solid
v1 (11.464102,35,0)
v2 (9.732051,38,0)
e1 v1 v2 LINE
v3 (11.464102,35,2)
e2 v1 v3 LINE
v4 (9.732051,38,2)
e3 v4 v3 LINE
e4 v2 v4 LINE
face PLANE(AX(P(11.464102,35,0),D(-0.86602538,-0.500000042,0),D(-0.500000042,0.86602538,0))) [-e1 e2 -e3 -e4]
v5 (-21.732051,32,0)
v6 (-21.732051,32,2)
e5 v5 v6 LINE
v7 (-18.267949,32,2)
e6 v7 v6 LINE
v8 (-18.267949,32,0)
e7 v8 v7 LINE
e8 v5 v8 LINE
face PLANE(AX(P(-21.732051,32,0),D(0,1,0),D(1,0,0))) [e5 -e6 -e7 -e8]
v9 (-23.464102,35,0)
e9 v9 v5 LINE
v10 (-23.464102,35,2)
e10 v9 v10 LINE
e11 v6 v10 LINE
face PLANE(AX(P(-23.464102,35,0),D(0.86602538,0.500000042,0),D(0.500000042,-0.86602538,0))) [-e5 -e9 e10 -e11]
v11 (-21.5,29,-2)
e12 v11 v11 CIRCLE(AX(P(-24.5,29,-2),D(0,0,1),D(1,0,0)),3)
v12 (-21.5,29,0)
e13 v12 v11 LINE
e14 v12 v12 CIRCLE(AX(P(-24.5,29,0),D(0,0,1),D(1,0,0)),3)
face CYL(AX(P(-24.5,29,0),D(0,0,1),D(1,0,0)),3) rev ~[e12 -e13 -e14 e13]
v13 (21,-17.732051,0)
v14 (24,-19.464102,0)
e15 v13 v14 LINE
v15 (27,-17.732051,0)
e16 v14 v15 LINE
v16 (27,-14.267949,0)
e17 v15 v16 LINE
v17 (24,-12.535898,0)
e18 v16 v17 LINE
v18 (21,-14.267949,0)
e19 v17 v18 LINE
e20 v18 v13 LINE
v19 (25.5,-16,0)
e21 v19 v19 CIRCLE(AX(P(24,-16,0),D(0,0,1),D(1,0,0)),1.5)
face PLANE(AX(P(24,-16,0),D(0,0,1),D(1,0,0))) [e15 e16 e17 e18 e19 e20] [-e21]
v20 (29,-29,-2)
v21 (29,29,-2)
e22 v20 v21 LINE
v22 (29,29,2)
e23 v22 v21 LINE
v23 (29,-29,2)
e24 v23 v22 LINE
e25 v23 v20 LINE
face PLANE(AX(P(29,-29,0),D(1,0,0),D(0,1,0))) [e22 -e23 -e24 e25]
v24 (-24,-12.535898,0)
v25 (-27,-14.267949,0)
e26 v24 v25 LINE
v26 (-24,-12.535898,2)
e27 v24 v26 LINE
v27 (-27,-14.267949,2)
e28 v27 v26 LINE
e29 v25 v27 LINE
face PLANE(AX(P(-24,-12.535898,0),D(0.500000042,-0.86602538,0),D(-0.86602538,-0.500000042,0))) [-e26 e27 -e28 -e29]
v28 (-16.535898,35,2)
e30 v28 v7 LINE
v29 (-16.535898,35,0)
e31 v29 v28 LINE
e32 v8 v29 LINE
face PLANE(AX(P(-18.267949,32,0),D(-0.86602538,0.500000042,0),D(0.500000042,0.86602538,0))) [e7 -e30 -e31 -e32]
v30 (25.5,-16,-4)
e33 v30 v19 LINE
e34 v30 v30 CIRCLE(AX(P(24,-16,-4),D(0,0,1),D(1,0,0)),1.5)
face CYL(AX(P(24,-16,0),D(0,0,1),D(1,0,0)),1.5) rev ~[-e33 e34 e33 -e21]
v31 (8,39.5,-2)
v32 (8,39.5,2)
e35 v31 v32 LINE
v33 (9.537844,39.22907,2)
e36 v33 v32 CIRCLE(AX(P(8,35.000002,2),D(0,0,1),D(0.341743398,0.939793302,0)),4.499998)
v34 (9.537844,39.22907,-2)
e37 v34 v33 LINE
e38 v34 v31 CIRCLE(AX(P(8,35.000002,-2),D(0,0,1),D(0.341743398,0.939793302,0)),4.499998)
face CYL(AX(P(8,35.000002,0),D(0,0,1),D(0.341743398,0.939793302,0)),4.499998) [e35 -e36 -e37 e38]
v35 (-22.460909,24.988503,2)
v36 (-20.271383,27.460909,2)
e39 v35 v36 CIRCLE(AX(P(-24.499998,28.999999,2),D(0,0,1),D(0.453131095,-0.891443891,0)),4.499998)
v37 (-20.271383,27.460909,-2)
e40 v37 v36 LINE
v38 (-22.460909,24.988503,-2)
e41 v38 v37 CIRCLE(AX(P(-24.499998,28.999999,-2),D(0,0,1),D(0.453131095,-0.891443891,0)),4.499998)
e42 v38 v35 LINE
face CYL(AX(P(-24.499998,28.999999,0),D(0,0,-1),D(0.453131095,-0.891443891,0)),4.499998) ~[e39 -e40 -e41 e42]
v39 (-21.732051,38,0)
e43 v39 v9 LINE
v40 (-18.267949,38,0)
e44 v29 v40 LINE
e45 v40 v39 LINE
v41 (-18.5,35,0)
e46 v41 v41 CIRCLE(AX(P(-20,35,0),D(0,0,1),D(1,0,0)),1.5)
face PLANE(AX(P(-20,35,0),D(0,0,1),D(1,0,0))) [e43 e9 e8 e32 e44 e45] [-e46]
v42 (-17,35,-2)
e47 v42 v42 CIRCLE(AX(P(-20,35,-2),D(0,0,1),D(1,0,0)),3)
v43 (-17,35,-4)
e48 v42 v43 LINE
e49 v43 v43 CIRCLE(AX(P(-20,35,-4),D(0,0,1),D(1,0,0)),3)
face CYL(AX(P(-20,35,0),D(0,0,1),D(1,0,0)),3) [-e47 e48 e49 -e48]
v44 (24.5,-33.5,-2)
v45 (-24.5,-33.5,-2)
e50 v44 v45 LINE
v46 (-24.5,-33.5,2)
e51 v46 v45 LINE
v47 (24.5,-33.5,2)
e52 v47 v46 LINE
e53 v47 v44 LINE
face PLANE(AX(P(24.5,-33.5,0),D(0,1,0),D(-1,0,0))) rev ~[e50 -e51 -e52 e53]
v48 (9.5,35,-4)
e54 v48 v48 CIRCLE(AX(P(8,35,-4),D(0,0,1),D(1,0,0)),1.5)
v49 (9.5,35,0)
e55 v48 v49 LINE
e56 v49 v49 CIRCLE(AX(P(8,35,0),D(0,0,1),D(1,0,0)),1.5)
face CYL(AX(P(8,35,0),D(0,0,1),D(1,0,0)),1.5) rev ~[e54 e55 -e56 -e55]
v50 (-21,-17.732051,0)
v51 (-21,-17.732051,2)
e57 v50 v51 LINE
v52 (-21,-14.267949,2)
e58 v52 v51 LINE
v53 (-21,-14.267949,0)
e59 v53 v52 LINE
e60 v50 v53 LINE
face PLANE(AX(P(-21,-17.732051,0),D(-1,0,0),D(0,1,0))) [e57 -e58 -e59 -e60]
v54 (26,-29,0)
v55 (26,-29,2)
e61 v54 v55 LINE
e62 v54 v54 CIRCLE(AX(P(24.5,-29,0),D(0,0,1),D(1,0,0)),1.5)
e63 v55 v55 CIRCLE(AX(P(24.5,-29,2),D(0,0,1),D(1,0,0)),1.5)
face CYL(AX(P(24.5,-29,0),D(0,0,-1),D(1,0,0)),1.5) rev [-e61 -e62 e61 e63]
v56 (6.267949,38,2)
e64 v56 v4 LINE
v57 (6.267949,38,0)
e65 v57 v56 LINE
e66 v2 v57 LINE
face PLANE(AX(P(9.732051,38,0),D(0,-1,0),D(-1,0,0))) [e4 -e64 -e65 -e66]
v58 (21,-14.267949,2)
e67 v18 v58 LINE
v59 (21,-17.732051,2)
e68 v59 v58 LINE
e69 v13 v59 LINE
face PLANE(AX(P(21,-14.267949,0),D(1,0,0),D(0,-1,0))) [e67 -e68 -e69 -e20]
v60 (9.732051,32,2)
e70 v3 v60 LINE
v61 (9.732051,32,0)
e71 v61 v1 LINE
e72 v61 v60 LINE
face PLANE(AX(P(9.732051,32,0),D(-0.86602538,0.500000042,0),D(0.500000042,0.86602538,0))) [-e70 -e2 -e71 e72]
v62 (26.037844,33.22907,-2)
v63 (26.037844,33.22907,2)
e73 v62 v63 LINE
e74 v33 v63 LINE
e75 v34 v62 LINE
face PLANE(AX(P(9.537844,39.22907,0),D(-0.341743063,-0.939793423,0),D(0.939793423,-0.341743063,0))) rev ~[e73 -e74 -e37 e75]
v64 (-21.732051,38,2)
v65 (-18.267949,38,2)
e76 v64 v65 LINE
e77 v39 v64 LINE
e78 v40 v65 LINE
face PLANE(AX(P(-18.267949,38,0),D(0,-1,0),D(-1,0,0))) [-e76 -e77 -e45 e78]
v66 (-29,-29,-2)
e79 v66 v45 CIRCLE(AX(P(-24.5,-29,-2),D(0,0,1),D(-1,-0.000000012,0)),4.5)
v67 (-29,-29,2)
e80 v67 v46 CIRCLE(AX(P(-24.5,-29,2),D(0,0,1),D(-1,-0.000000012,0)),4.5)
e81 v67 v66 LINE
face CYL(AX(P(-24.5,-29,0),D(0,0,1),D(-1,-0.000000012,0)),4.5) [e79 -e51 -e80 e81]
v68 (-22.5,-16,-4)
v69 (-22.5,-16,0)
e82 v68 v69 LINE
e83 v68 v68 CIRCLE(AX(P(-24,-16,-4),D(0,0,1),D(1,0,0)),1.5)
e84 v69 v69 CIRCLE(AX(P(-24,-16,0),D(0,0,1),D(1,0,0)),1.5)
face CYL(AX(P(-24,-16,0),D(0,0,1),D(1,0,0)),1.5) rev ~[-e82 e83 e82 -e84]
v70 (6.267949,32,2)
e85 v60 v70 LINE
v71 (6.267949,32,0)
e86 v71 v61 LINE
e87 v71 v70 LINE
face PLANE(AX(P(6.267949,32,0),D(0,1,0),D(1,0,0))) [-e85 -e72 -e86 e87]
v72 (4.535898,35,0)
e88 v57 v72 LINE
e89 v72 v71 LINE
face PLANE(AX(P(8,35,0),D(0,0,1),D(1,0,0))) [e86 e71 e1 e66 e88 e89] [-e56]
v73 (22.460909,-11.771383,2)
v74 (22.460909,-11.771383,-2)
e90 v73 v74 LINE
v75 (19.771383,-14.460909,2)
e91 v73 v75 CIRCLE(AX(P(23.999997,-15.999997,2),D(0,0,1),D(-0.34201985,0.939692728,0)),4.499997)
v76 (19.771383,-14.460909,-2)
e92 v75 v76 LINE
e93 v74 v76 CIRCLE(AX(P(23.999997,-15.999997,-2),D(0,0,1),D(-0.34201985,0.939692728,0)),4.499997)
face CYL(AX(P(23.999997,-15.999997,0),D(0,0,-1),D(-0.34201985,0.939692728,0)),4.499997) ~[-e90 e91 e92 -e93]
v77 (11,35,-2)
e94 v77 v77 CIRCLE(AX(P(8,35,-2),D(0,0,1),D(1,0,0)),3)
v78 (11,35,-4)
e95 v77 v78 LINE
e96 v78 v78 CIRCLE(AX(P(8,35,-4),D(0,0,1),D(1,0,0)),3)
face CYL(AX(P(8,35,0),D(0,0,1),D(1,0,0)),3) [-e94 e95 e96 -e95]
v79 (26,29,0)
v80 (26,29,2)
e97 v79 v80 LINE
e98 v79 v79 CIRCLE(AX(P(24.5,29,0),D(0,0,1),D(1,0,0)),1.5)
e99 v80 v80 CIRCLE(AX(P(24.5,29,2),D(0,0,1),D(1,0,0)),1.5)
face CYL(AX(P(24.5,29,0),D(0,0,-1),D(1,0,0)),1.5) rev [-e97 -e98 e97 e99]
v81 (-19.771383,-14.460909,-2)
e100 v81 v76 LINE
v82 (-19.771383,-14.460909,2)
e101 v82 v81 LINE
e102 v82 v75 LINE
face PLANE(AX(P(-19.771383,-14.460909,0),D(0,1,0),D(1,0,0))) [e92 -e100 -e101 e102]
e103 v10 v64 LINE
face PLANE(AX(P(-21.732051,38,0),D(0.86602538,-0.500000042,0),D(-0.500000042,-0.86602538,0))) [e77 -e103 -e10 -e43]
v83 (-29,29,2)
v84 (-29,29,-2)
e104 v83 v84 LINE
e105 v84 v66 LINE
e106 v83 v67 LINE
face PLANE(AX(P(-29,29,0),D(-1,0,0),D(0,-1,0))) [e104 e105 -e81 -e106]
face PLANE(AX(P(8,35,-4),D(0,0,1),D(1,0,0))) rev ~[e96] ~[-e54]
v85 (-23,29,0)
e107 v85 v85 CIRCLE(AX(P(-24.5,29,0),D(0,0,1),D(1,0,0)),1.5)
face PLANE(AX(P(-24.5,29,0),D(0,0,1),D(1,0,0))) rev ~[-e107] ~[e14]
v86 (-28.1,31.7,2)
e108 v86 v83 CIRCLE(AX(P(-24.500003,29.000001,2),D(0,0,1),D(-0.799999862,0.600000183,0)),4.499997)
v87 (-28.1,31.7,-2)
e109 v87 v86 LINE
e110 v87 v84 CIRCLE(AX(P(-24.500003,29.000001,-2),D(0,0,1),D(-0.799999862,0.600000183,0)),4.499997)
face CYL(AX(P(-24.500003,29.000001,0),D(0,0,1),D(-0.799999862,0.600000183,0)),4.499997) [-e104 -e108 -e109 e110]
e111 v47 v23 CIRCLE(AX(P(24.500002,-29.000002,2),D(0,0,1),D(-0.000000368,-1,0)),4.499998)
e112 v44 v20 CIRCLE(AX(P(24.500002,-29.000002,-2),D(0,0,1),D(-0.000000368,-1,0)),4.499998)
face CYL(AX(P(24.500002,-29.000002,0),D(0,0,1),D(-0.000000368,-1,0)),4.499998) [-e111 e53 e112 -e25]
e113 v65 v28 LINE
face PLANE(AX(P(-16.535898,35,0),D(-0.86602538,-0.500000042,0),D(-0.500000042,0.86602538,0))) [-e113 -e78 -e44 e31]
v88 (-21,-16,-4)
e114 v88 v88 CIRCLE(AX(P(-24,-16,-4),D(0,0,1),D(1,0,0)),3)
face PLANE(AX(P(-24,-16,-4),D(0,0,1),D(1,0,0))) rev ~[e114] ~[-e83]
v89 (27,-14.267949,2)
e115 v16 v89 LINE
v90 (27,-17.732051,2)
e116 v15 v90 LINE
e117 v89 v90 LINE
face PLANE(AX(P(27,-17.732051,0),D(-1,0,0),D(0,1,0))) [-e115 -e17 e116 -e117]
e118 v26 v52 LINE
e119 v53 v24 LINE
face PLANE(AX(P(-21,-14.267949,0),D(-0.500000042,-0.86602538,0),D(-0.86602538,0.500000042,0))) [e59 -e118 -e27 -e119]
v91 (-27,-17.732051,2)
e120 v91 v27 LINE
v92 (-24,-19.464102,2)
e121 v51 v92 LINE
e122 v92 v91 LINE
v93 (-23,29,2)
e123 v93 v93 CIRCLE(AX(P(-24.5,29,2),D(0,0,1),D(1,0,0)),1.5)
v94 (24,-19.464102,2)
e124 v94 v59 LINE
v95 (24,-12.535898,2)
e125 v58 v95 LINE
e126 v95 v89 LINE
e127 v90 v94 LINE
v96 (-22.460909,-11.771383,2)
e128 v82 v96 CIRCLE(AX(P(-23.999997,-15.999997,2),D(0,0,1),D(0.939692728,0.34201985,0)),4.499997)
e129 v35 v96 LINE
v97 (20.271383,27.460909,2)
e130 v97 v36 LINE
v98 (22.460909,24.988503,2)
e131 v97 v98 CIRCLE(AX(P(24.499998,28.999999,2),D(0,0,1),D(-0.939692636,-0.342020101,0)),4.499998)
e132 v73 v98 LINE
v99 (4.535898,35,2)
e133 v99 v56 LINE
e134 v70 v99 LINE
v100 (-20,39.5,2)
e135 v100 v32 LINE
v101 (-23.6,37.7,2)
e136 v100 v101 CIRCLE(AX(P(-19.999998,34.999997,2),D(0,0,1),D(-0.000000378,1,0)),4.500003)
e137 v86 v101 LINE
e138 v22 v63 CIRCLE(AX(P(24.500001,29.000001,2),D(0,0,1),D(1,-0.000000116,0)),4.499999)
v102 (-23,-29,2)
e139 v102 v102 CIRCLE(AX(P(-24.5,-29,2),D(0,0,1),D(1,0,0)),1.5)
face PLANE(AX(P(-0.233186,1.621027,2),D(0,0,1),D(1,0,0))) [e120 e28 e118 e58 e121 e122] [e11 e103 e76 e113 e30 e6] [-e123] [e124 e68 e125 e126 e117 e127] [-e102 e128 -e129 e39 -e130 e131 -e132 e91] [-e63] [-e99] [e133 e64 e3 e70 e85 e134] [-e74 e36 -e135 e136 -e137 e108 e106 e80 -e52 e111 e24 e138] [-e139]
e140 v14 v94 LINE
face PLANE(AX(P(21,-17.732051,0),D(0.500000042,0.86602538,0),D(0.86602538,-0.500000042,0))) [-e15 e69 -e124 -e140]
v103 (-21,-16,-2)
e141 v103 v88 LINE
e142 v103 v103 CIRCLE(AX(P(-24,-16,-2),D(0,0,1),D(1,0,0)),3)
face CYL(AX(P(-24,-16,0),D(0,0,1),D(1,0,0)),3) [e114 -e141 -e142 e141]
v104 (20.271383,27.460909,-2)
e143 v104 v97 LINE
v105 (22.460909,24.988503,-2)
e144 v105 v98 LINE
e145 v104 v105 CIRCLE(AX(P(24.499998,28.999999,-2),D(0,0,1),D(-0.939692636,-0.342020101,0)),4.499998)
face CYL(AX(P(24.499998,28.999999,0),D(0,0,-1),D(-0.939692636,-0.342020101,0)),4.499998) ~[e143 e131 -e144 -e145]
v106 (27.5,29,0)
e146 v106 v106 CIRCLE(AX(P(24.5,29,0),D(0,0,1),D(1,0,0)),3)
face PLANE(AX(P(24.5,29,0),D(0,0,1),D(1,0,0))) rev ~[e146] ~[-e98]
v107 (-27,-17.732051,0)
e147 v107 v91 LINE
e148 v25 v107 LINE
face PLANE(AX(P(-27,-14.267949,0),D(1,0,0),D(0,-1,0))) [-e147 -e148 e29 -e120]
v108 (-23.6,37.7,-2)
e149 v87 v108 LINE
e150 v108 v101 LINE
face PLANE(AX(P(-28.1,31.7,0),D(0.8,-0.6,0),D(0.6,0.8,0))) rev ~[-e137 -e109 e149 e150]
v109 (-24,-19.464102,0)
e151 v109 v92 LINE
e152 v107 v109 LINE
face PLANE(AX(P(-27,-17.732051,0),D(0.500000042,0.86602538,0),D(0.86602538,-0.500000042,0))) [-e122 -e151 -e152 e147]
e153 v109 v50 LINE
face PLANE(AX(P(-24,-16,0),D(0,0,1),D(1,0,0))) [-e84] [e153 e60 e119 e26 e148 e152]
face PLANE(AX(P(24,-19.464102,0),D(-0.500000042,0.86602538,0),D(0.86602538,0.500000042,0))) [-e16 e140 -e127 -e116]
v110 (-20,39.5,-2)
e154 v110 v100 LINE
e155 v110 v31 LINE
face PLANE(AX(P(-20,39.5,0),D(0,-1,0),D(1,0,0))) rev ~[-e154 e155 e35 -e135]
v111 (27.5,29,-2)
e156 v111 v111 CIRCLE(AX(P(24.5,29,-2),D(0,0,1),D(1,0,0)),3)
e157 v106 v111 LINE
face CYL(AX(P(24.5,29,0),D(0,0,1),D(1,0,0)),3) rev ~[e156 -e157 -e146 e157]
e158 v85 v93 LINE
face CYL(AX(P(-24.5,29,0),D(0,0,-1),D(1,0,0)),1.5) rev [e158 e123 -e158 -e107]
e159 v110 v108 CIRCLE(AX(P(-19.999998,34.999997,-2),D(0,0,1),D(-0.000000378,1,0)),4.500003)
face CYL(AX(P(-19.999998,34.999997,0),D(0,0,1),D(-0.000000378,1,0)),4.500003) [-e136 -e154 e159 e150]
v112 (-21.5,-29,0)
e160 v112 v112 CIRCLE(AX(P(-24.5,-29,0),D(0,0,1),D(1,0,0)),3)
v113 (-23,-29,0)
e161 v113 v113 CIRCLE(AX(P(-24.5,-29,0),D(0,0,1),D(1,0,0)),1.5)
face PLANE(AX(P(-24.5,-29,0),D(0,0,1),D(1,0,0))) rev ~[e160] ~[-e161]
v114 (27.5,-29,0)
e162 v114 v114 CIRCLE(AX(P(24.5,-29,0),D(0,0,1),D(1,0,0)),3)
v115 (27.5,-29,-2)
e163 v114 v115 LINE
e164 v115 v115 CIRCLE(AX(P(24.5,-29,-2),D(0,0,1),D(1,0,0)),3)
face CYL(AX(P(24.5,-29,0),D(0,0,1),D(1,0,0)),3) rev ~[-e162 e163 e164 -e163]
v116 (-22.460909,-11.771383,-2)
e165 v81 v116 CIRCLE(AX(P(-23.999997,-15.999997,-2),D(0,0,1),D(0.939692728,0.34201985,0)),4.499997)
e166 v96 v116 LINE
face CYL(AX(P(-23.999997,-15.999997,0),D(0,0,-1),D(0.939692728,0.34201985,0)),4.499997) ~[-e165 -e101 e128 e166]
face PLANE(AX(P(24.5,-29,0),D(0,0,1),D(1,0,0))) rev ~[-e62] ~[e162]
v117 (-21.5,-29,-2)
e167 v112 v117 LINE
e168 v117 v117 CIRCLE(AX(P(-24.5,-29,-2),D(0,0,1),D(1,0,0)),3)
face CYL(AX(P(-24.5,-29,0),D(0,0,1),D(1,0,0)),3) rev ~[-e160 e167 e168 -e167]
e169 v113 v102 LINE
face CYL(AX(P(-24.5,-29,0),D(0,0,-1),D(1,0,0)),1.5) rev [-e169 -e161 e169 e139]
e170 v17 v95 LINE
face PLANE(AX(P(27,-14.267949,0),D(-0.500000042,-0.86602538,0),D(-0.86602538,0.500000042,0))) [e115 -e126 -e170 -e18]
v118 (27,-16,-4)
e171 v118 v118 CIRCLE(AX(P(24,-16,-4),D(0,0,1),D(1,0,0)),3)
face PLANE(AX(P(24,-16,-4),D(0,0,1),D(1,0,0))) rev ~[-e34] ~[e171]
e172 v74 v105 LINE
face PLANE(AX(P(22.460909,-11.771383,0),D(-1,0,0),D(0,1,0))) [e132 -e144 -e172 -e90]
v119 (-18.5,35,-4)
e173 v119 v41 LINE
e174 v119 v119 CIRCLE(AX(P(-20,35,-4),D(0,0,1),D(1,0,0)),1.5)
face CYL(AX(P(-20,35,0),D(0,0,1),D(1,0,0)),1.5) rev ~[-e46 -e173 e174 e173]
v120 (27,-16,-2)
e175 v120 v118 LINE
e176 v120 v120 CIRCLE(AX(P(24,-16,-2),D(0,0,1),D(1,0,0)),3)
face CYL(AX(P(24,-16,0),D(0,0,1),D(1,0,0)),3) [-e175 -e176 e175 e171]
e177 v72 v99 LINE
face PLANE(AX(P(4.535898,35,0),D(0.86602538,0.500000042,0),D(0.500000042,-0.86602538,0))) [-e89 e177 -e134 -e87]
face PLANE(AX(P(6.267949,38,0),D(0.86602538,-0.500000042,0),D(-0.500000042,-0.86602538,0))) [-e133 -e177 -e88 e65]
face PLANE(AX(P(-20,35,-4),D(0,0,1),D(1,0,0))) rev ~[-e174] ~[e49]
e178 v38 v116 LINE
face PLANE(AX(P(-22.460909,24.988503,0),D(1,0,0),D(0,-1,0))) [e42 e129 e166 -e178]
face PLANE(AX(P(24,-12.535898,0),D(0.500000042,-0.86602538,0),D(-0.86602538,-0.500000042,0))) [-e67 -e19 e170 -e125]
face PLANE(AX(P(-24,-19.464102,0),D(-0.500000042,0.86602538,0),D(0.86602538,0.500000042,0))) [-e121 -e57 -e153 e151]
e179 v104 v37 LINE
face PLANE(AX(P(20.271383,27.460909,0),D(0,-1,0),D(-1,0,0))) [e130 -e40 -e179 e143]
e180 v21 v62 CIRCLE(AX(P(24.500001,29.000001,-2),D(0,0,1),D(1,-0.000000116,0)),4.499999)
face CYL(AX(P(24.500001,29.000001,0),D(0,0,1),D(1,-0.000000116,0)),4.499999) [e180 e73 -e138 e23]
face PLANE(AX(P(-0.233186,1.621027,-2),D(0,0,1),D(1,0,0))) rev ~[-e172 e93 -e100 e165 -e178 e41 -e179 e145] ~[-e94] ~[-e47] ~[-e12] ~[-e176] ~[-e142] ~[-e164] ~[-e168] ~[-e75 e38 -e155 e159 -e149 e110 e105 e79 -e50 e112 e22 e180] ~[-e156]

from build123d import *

# Parameters (mm, degrees)
SKETCH_R        = 1.5
PAD_DEPTH       = 2
PAD_DEPTH_BACK  = 2
SKETCH001_R     = 3
SKETCH001_R_2   = 1.5
POCKET_DEPTH    = 2
SKETCH002_R     = 3
SKETCH002_R_2   = 1.5
PAD001_DEPTH    = 4
SKETCH003_R     = 1.5
POCKET001_DEPTH = 5


with BuildPart() as part:
    # Sketch → Pad (new body, two sides)
    with BuildSketch(Plane.XY) as pad_sk:
        with BuildLine():
            ThreePointArc((29, 29), (28.185804, 31.581637), (26.037844, 33.22907))
            Line((9.537844, 39.22907), (26.037844, 33.22907))
            ThreePointArc((9.537844, 39.22907), (8.780763, 39.43175), (8, 39.5))
            Line((-20, 39.5), (8, 39.5))
            ThreePointArc((-20, 39.5), (-22.012461, 39.024922), (-23.6, 37.7))
            Line((-28.1, 31.7), (-23.6, 37.7))
            ThreePointArc((-28.1, 31.7), (-28.769075, 30.423025), (-29, 29))
            Line((-29, 29), (-29, -29))
            ThreePointArc((-29, -29), (-27.68198, -32.181981), (-24.5, -33.5))
            Line((24.5, -33.5), (-24.5, -33.5))
            ThreePointArc((24.5, -33.5), (27.681981, -32.181981), (29, -29))
            Line((29, -29), (29, 29))
        make_face()
        with Locations((-24.5, 29)):
            Circle(SKETCH_R, mode=Mode.SUBTRACT)
        with Locations((-20, 35)):
            Circle(SKETCH_R, mode=Mode.SUBTRACT)
        with Locations((8, 35)):
            Circle(SKETCH_R, mode=Mode.SUBTRACT)
        with Locations((24.5, 29)):
            Circle(SKETCH_R, mode=Mode.SUBTRACT)
        with Locations((24.5, -29)):
            Circle(SKETCH_R, mode=Mode.SUBTRACT)
        with Locations((-24, -16)):
            Circle(SKETCH_R, mode=Mode.SUBTRACT)
        with Locations((-24.5, -29)):
            Circle(SKETCH_R, mode=Mode.SUBTRACT)
        with Locations((24, -16)):
            Circle(SKETCH_R, mode=Mode.SUBTRACT)
        with BuildLine():
            ThreePointArc((-22.460909, 24.988503), (-21.131137, 26.016585), (-20.271383, 27.460909))
            Line((20.271383, 27.460909), (-20.271383, 27.460909))
            ThreePointArc((20.271383, 27.460909), (21.131137, 26.016585), (22.460909, 24.988503))
            Line((22.460909, -11.771383), (22.460909, 24.988503))
            ThreePointArc((22.460909, -11.771383), (20.818019, -12.818019), (19.771383, -14.460909))
            Line((-19.771383, -14.460909), (19.771383, -14.460909))
            ThreePointArc((-19.771383, -14.460909), (-20.818019, -12.818019), (-22.460909, -11.771383))
            Line((-22.460909, 24.988503), (-22.460909, -11.771383))
        make_face(mode=Mode.SUBTRACT)
    extrude(amount=PAD_DEPTH)
    extrude(pad_sk.sketch, amount=-PAD_DEPTH_BACK)

    # Sketch001 → Pocket (cut)
    with BuildSketch(Plane.XY):
        with Locations((-24.5, -29)):
            Circle(SKETCH001_R)
        with Locations((-24.5, -29)):
            Circle(SKETCH001_R_2, mode=Mode.SUBTRACT)
        with Locations((24.5, -29)):
            Circle(SKETCH001_R)
        with Locations((24.5, -29)):
            Circle(SKETCH001_R_2, mode=Mode.SUBTRACT)
        with Locations((24.5, 29)):
            Circle(SKETCH001_R)
        with Locations((24.5, 29)):
            Circle(SKETCH001_R_2, mode=Mode.SUBTRACT)
        with Locations((-24.5, 29)):
            Circle(SKETCH001_R)
        with Locations((-24.5, 29)):
            Circle(SKETCH001_R_2, mode=Mode.SUBTRACT)
    extrude(amount=-POCKET_DEPTH, mode=Mode.SUBTRACT)

    # Sketch002 → Pad001 (join)
    with BuildSketch(Plane.XY):
        with Locations((-20, 35)):
            Circle(SKETCH002_R)
        with Locations((-20, 35)):
            Circle(SKETCH002_R_2, mode=Mode.SUBTRACT)
        with Locations((8, 35)):
            Circle(SKETCH002_R)
        with Locations((8, 35)):
            Circle(SKETCH002_R_2, mode=Mode.SUBTRACT)
        with Locations((24, -16)):
            Circle(SKETCH002_R)
        with Locations((24, -16)):
            Circle(SKETCH002_R_2, mode=Mode.SUBTRACT)
        with Locations((-24, -16)):
            Circle(SKETCH002_R)
        with Locations((-24, -16)):
            Circle(SKETCH002_R_2, mode=Mode.SUBTRACT)
    extrude(amount=-PAD001_DEPTH)

    # Sketch003 → Pocket001 (cut)
    with BuildSketch(Plane.XY):
        Polygon((-16.535898, 35), (-18.267949, 38), (-21.732051, 38), (-23.464102, 35), (-21.732051, 32), (-18.267949, 32), align=None)
        with Locations((-20, 35)):
            Circle(SKETCH003_R, mode=Mode.SUBTRACT)
        Polygon((11.464102, 35), (9.732051, 38), (6.267949, 38), (4.535898, 35), (6.267949, 32), (9.732051, 32), align=None)
        with Locations((8, 35)):
            Circle(SKETCH003_R, mode=Mode.SUBTRACT)
        Polygon((24, -19.464102), (27, -17.732051), (27, -14.267949), (24, -12.535898), (21, -14.267949), (21, -17.732051), align=None)
        with Locations((24, -16)):
            Circle(SKETCH003_R, mode=Mode.SUBTRACT)
        Polygon((-21, -17.732051), (-21, -14.267949), (-24, -12.535898), (-27, -14.267949), (-27, -17.732051), (-24, -19.464102), align=None)
        with Locations((-24, -16)):
            Circle(SKETCH003_R, mode=Mode.SUBTRACT)
    extrude(amount=POCKET001_DEPTH, mode=Mode.SUBTRACT)


solid = part.part
